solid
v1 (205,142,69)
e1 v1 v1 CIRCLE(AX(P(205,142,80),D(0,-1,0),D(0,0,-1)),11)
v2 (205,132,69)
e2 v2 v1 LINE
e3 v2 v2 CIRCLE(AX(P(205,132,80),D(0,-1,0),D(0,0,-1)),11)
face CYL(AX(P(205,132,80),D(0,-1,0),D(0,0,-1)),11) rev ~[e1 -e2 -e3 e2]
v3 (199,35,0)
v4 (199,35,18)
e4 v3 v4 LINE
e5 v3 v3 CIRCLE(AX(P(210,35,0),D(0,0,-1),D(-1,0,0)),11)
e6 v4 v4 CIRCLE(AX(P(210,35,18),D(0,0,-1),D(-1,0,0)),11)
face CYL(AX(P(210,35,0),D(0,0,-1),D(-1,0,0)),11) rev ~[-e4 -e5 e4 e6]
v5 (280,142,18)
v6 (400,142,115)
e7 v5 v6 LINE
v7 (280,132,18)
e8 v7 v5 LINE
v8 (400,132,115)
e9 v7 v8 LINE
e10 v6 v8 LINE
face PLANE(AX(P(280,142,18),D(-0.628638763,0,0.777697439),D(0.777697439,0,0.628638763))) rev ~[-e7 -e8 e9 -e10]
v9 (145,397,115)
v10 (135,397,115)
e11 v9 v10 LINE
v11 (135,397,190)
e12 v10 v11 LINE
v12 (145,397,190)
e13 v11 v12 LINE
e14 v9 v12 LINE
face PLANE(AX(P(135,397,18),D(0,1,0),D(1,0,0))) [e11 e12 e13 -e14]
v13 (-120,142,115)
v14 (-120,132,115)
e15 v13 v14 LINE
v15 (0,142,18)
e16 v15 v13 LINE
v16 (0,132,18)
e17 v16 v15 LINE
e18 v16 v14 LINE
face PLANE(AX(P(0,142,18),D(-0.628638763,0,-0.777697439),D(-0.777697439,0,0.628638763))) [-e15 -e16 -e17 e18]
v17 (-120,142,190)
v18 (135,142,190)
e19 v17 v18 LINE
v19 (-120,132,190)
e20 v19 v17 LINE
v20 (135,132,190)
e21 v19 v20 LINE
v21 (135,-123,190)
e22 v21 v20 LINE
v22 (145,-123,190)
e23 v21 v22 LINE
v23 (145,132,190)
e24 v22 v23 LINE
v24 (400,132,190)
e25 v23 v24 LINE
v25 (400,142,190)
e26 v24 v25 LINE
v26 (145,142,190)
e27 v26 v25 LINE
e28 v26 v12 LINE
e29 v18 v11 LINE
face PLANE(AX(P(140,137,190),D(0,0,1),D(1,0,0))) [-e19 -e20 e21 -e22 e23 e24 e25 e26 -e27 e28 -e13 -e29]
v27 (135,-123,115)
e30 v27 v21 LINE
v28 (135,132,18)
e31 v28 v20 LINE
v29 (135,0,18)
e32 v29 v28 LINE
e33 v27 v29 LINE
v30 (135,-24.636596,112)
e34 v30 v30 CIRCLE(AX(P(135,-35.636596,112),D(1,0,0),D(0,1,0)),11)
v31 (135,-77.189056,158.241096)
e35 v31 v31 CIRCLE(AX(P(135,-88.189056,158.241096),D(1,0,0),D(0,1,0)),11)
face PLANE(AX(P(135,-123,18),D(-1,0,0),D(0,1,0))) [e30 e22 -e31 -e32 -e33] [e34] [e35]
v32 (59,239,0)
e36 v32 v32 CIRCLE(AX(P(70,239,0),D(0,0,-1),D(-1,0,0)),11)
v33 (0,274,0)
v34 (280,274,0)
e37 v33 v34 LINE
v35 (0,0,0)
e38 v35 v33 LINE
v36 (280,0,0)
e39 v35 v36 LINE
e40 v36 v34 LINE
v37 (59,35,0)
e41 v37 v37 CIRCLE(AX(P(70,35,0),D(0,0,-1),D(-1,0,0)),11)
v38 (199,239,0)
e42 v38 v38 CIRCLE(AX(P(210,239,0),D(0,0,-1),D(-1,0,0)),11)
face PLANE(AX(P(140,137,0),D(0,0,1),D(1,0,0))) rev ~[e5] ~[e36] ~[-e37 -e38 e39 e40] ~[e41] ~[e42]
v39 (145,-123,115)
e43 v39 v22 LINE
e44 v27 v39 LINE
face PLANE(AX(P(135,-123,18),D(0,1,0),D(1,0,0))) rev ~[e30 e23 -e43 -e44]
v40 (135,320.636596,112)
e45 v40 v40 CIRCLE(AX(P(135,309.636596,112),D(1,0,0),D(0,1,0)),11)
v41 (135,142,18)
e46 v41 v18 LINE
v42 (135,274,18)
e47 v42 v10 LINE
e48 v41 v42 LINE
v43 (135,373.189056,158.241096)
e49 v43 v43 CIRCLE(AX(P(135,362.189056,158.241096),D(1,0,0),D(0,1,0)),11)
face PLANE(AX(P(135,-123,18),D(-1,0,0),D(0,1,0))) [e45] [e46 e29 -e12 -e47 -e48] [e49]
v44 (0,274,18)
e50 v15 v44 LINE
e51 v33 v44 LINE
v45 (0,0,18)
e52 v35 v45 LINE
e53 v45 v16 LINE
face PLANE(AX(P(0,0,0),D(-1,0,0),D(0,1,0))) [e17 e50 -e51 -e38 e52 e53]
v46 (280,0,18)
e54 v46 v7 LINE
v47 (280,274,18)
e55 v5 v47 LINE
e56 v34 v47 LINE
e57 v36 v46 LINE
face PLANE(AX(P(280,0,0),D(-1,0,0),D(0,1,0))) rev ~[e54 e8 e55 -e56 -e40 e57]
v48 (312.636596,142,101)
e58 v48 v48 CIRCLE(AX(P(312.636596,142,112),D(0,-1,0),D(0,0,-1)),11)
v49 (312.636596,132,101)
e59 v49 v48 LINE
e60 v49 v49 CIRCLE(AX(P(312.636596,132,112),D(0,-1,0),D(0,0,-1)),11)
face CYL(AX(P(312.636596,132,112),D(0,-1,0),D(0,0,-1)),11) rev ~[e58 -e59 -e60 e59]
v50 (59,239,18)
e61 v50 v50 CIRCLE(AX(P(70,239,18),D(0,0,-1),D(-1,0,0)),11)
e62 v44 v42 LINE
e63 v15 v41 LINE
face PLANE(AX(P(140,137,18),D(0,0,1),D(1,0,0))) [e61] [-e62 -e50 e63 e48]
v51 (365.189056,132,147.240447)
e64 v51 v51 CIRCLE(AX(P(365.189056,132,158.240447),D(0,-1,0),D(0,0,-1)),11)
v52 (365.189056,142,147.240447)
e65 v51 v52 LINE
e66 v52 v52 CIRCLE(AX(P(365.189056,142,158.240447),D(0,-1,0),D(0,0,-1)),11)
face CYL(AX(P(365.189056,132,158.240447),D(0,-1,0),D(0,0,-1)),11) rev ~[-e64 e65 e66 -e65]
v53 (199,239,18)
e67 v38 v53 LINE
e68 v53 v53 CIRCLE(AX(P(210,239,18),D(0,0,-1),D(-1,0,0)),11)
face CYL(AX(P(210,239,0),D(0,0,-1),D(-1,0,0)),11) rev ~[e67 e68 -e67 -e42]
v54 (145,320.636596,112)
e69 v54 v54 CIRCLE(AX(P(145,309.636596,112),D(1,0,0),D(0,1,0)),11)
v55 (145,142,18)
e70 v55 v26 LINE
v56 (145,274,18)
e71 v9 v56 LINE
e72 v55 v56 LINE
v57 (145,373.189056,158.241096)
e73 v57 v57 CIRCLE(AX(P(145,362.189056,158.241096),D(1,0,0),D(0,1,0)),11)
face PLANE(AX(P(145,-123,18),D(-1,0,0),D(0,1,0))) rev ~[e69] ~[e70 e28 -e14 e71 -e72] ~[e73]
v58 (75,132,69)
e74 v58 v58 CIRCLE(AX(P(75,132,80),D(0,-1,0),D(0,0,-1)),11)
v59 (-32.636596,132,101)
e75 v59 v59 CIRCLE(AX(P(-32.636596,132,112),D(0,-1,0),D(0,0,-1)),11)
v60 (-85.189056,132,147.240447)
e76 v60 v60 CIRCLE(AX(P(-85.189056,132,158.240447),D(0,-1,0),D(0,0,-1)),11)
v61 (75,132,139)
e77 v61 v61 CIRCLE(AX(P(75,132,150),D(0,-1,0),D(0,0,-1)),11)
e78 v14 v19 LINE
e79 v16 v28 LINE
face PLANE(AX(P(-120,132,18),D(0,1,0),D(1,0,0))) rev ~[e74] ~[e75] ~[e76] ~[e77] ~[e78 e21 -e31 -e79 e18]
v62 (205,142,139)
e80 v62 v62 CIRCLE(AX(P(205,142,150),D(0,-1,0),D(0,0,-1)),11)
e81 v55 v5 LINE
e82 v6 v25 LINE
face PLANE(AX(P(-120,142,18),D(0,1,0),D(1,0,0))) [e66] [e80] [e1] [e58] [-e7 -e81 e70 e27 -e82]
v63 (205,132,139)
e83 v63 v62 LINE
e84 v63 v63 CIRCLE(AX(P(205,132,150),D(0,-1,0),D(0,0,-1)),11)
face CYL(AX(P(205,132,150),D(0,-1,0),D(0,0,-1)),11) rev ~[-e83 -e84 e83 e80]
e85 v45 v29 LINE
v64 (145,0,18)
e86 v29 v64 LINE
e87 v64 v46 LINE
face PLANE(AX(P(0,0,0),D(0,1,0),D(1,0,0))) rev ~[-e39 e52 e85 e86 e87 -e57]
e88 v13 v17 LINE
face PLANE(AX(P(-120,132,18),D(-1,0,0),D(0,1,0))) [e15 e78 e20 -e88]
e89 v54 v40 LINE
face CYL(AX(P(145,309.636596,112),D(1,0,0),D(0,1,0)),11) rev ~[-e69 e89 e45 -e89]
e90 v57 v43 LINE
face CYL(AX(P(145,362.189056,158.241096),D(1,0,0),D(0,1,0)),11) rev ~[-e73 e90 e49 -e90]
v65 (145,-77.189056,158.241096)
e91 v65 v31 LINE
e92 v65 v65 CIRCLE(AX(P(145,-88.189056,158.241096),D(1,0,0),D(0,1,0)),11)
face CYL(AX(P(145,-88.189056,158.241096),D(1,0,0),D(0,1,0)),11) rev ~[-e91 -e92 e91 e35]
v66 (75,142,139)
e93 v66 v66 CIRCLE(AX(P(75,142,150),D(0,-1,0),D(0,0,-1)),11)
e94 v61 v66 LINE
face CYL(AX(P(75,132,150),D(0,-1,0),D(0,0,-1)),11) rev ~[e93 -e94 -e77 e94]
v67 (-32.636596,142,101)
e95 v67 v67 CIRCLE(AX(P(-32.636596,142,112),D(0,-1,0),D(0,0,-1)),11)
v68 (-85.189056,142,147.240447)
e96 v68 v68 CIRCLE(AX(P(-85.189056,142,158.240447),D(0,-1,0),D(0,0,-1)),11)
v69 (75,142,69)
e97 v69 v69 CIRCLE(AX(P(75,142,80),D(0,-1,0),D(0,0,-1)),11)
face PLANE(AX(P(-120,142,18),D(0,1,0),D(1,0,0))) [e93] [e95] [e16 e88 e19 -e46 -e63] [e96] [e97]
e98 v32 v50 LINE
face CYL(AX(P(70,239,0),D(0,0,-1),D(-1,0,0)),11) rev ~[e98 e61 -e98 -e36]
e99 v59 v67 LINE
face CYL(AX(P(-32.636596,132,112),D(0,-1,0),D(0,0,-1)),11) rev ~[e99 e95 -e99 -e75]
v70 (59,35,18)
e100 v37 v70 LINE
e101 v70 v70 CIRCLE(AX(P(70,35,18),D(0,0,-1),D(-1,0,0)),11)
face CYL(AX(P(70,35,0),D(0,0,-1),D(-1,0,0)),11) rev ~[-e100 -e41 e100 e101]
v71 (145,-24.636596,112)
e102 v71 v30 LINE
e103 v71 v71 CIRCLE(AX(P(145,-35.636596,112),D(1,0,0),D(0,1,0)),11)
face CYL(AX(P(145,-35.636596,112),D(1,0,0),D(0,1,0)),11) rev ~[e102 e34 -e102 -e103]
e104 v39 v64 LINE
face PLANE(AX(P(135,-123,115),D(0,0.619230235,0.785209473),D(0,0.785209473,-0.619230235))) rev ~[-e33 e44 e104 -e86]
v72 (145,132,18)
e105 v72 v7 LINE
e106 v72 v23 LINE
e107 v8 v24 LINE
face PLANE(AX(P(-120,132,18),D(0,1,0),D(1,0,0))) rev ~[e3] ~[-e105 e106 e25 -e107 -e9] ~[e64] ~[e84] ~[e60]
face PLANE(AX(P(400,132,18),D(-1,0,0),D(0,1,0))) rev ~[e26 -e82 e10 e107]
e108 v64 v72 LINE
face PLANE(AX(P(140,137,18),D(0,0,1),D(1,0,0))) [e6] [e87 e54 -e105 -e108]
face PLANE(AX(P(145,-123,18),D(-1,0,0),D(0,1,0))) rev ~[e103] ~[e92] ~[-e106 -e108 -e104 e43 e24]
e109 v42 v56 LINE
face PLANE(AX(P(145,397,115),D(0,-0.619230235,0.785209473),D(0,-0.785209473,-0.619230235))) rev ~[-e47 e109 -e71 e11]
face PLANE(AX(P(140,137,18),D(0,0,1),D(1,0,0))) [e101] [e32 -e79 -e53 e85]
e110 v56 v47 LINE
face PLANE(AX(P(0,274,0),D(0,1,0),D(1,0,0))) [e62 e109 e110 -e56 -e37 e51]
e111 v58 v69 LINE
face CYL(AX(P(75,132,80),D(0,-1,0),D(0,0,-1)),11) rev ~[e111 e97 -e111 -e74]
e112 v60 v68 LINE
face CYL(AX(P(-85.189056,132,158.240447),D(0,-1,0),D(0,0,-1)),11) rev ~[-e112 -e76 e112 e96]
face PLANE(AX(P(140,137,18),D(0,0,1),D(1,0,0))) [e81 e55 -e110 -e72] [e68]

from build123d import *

# Parameters (mm, degrees)
SKETCH_1_W                  = 280
SKETCH_1_H                  = 274
EXTRUDE_1_DEPTH             = 18
SKETCH_2_W                  = 520
SKETCH_2_H                  = 10
EXTRUDE_2_DEPTH             = 172
SKETCH_3_W                  = 10
SKETCH_3_H                  = 520
EXTRUDE_3_DEPTH             = 172
CUT_EXTRUDE_1_DEPTH         = 514.745072969
CUT_EXTRUDE_2_DEPTH         = 514.745072969
CUT_EXTRUDE_3_DEPTH         = 517.066856134
CUT_EXTRUDE_4_DEPTH         = 517.066856134
SKETCH_9_R                  = 11.000000001
SKETCH_9_R_2                = 11
CUT_EXTRUDE_5_DEPTH         = 517.066856134
SKETCH_10_R                 = 11
CUT_EXTRUDE_6_DEPTH         = 514.745072969
SKETCH_11_R                 = 11
CUT_EXTRUDE_7_DEPTH         = 595.734394499
PATTERN_LINEAR_1_COUNT      = 2
PATTERN_LINEAR_1_PITCH      = 140
PATTERN_LINEAR_1_COUNT_DIR2 = 2
PATTERN_LINEAR_1_PITCH_DIR2 = 204


with BuildPart() as part:
    # 草图1 → 拉伸1 (new body)
    with BuildSketch(Plane.XY):
        with Locations((140, 137)):
            Rectangle(SKETCH_1_W, SKETCH_1_H)
    extrude(amount=EXTRUDE_1_DEPTH)

    # 草图2 → 拉伸2 (add)
    with BuildSketch(Plane.XY.offset(18)):
        with Locations((140, 137)):
            Rectangle(SKETCH_2_W, SKETCH_2_H)
    extrude(amount=EXTRUDE_2_DEPTH)

    # 草图3 → 拉伸3 (add)
    with BuildSketch(Plane.XY.offset(18)):
        with Locations((140, 137)):
            Rectangle(SKETCH_3_W, SKETCH_3_H)
    extrude(amount=EXTRUDE_3_DEPTH)

    # 草图4 → 切除-拉伸1 (cut, through all)
    with BuildSketch(Plane(origin=(145, 0, 0), x_dir=(0, 0, -1), z_dir=(1, 0, 0))):
        Polygon((-115, 397), (-18, 274), (-18, 397), align=None)
    extrude(amount=-CUT_EXTRUDE_1_DEPTH, mode=Mode.SUBTRACT)

    # 草图5 → 切除-拉伸2 (cut, through all)
    with BuildSketch(Plane.ZY.offset(-135)):
        Polygon((115, -123), (18, 0), (18, -123), align=None)
    extrude(amount=-CUT_EXTRUDE_2_DEPTH, mode=Mode.SUBTRACT)

    # 草图6 → 切除-拉伸3 (cut, through all)
    with BuildSketch(Plane(origin=(0, 142, 0), x_dir=(1, 0, 0), z_dir=(0, 1, 0))):
        Polygon((280, -18), (400, -115), (400, -18), align=None)
    extrude(amount=-CUT_EXTRUDE_3_DEPTH, mode=Mode.SUBTRACT)

    # 草图8 → 切除-拉伸4 (cut, through all)
    with BuildSketch(Plane(origin=(0, 142, 0), x_dir=(1, 0, 0), z_dir=(0, 1, 0))):
        Polygon((0, -18), (-120, -115), (-120, -18), align=None)
    extrude(amount=-CUT_EXTRUDE_4_DEPTH, mode=Mode.SUBTRACT)

    # 草图9 → 切除-拉伸5 (cut, through all)
    with BuildSketch(Plane.XZ.offset(-132)):
        with Locations(Location((-85.189055636, 158.240447361, 0), (0, 0, 270))):
            Circle(SKETCH_9_R)
        with Locations(Location((75, 150, 0), (0, 0, 270))):
            Circle(SKETCH_9_R_2)
        with Locations(Location((-32.636595866, 112, 0), (0, 0, 270))):
            Circle(SKETCH_9_R_2)
        with Locations(Location((75, 80, 0), (0, 0, 270))):
            Circle(SKETCH_9_R_2)
        with Locations(Location((205, 150, 0), (0, 0, 270))):
            Circle(SKETCH_9_R_2)
        with Locations(Location((205, 80, 0), (0, 0, 270))):
            Circle(SKETCH_9_R_2)
        with Locations(Location((365.189055636, 158.240447361, 0), (0, 0, 270))):
            Circle(SKETCH_9_R)
        with Locations(Location((312.636595866, 112, 0), (0, 0, 270))):
            Circle(SKETCH_9_R_2)
    extrude(amount=-CUT_EXTRUDE_5_DEPTH, mode=Mode.SUBTRACT)

    # 草图10 → 切除-拉伸6 (cut, through all)
    with BuildSketch(Plane(origin=(145, 0, 0), x_dir=(0, 0, -1), z_dir=(1, 0, 0))):
        with Locations(Location((-158.241096139, 362.189055636, 0), (0, 0, 90))):
            Circle(SKETCH_10_R)
        with Locations(Location((-112, 309.636595866, 0), (0, 0, 90))):
            Circle(SKETCH_10_R)
        with Locations(Location((-112, -35.636595866, 0), (0, 0, 90))):
            Circle(SKETCH_10_R)
        with Locations(Location((-158.241096139, -88.189055636, 0), (0, 0, 90))):
            Circle(SKETCH_10_R)
    extrude(amount=-CUT_EXTRUDE_6_DEPTH, mode=Mode.SUBTRACT)

    # 草图11 → 切除-拉伸7 (cut, through all)
    with BuildSketch(Plane(origin=(0, 0, 0), x_dir=(-1, 0, 0), z_dir=(0, 0, -1))):
        with Locations((-210, 35)):
            Circle(SKETCH_11_R)
    cut_extrude_7 = extrude(amount=-CUT_EXTRUDE_7_DEPTH, mode=Mode.SUBTRACT)

    # 阵列(线性)1: Cut-Extrude 7 2 × 2
    with Locations(*[(-i * PATTERN_LINEAR_1_PITCH, j * PATTERN_LINEAR_1_PITCH_DIR2, 0) for i in range(PATTERN_LINEAR_1_COUNT) for j in range(PATTERN_LINEAR_1_COUNT_DIR2) if (i, j) != (0, 0)]):
        add(cut_extrude_7, mode=Mode.SUBTRACT)


solid = part.part
